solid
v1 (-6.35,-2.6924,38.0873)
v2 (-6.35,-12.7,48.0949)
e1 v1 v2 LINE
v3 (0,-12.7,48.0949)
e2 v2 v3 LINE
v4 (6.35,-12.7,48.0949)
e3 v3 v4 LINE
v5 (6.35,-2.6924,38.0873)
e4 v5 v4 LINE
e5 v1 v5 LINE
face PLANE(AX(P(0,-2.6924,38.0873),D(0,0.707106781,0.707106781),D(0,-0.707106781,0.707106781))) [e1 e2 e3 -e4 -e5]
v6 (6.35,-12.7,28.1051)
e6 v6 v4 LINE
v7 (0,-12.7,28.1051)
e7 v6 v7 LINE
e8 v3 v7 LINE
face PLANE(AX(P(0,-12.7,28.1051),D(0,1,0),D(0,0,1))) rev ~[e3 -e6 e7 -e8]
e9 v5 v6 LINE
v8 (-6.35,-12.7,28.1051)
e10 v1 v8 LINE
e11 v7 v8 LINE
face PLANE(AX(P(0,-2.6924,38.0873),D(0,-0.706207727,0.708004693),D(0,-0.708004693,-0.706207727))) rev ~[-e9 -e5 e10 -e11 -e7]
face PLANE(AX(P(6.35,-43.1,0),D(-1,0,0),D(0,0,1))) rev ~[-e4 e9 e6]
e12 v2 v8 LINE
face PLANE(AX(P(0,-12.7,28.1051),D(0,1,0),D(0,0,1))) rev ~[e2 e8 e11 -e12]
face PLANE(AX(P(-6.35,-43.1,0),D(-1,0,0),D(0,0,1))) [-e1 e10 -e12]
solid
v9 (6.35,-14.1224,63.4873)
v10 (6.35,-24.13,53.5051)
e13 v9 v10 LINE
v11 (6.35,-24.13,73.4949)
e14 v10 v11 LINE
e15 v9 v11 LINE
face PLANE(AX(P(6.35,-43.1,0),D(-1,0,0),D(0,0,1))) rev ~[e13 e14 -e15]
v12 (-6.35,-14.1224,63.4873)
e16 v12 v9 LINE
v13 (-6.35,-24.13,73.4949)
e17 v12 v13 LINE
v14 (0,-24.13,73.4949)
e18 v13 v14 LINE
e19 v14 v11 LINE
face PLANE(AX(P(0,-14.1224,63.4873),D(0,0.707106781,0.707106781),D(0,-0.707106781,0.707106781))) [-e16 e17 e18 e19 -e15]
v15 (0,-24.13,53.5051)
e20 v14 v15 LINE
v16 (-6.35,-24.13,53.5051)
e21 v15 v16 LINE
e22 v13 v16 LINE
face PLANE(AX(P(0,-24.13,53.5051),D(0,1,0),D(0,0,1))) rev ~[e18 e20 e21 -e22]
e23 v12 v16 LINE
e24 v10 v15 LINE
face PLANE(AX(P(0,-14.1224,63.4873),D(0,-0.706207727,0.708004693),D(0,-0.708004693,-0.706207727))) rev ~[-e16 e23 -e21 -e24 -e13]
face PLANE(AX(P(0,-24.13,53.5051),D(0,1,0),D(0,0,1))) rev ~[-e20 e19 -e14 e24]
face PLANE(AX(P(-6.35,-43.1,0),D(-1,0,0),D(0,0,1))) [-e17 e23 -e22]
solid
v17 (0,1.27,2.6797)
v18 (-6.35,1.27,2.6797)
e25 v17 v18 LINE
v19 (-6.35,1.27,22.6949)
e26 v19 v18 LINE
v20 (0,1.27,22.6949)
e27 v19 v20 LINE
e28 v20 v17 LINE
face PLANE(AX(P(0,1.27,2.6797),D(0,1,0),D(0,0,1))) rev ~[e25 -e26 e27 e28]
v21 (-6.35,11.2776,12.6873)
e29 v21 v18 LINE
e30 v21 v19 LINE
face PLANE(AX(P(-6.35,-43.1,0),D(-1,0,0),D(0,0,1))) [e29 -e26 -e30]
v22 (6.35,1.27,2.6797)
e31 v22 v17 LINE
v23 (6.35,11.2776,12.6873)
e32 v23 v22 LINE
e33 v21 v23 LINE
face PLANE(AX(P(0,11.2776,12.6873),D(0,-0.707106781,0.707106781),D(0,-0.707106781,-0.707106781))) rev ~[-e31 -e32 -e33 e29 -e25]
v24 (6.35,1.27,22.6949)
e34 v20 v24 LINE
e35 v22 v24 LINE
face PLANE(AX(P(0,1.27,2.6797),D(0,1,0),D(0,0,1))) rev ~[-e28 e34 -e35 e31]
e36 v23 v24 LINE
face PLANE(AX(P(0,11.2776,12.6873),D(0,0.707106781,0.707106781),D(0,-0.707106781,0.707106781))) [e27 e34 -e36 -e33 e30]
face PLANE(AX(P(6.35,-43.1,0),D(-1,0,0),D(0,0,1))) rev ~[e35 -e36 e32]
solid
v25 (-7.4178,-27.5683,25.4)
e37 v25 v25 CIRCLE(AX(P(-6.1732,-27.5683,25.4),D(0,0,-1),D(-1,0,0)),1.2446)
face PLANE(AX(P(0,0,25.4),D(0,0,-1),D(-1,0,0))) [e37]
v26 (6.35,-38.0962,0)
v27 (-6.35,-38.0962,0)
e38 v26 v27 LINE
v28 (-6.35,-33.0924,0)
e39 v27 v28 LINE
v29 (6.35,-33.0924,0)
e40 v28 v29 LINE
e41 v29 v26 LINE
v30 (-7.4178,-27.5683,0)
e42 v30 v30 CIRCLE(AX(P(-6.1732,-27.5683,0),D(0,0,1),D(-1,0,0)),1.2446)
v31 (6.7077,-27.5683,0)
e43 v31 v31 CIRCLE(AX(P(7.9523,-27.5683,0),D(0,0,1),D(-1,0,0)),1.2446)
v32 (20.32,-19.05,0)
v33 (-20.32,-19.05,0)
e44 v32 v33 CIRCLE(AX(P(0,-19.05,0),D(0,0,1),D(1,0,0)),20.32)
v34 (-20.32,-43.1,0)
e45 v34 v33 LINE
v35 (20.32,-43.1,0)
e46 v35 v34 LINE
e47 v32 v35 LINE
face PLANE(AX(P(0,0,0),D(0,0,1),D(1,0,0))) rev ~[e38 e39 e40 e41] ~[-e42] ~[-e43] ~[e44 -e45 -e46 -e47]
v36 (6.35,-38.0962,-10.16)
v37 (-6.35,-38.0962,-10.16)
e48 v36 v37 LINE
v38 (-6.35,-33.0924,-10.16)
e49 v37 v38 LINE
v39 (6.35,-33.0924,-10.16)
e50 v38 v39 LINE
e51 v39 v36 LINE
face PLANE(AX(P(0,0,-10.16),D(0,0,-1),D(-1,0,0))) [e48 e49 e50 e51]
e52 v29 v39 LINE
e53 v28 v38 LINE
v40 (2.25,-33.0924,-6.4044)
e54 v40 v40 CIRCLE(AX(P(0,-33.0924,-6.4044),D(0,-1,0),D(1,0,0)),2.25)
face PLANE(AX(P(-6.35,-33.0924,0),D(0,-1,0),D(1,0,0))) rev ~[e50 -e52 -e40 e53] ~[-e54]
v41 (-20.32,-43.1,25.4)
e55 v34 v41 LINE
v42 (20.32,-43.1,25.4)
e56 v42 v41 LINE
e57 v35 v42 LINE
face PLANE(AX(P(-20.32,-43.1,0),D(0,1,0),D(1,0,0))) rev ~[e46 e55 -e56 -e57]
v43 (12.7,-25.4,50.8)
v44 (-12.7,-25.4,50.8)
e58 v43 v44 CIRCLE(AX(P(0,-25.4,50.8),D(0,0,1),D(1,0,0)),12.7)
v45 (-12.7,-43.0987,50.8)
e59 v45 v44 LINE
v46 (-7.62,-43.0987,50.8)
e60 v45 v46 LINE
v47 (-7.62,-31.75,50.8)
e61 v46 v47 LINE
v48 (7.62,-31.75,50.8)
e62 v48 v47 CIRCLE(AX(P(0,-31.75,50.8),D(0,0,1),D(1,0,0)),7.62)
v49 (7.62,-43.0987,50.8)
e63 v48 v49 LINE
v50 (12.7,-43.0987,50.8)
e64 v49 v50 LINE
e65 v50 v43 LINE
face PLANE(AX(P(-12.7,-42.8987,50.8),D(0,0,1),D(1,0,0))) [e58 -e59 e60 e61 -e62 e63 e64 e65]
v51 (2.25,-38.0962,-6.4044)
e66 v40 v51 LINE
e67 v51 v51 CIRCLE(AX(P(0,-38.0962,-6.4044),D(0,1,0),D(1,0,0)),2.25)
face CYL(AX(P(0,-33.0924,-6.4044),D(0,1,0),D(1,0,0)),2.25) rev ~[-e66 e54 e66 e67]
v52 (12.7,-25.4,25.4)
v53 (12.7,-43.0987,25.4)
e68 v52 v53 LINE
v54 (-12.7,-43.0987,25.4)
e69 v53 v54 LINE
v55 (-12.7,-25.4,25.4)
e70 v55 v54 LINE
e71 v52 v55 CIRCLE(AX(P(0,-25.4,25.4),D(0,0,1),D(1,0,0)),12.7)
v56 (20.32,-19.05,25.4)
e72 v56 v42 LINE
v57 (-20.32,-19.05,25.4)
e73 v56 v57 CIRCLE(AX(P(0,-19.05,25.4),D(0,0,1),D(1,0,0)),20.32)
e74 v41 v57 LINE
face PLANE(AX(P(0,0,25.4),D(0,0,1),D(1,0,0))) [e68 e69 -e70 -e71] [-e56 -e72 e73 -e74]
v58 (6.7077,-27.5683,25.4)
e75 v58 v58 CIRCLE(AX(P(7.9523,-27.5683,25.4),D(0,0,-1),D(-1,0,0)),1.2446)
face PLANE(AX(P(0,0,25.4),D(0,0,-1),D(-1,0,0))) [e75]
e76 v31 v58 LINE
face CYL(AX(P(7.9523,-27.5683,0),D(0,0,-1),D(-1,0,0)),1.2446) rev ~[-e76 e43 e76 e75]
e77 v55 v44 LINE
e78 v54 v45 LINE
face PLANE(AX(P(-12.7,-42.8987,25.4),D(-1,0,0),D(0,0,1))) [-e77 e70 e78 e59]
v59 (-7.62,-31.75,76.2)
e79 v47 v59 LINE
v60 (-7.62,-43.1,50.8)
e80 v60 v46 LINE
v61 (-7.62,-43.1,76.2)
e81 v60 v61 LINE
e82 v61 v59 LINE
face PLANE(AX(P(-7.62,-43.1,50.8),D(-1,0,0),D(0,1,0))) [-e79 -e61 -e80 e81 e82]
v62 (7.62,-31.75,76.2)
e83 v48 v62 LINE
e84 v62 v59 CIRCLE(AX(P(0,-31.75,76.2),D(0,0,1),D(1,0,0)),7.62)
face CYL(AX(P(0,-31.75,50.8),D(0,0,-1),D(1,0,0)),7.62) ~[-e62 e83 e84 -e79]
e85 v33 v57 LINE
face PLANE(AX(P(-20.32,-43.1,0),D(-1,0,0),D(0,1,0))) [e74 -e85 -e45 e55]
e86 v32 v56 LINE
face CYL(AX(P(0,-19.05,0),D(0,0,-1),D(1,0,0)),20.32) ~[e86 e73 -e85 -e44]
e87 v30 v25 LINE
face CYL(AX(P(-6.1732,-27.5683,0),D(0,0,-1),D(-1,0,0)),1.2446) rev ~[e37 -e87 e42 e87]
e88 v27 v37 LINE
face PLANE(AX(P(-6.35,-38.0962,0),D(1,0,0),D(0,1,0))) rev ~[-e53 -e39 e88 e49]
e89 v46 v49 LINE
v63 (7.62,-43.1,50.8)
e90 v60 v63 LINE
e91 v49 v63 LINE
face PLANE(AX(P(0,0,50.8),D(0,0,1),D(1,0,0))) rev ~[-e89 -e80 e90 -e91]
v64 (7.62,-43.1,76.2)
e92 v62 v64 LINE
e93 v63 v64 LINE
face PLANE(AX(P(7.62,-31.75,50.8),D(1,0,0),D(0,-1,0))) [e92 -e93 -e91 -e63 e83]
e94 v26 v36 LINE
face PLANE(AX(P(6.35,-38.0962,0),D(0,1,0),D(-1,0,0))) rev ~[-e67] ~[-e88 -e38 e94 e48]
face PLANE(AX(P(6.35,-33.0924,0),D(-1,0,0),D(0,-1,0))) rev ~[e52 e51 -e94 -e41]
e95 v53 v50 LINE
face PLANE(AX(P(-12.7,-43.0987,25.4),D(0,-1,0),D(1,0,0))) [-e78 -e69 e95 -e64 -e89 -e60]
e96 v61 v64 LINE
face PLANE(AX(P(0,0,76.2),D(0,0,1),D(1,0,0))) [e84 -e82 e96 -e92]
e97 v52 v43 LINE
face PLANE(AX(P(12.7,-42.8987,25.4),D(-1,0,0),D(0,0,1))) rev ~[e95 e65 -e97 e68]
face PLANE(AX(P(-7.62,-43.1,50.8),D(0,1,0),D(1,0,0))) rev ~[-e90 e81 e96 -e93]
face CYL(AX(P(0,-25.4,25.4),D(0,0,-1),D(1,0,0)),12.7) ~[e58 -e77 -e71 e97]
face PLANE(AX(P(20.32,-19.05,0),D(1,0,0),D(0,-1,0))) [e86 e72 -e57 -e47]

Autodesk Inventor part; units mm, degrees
ref_plane "YZ Plane" through (0, 0, 0) normal (1, 0, 0) x (0, 1, 0)
ref_plane "XZ Plane" through (0, 0, 0) normal (0, 1, 0) x (-1, 0, 0)
sketch "Sketch1" plane through (0, 0, 0) normal (0, 0, 1) x (1, 0, 0)
  line L0 (6.35, -38.0962) -> (6.35, -43.1) projected
  line L1 (6.35, -43.1) -> (24.13, -43.1) projected
  line L2 (24.13, -43.1) -> (24.13, 0) projected
  arc A0 (24.13, 0) -> (-24.13, 0) centre (0, 0) ccw projected
  line L3 (-24.13, 0) -> (-24.13, -43.1) projected
  line L4 (-24.13, -43.1) -> (-6.35, -43.1) projected
  line L5 (-6.35, -43.1) -> (-6.35, -38.0962) projected
  line L6 (-6.35, -38.0962) -> (6.35, -38.0962) projected
  line L7 (20.32, -43.1) -> (-20.32, -43.1)
  line L8 (0, 0) -> (0, -19.05)
  circle A1 centre (0, -19.05) radius 20.32
  line L9 (-20.32, -19.05) -> (20.32, -19.05)
  line L10 (20.32, -19.05) -> (20.32, -43.1)
  line L11 (20.32, -43.1) -> (-20.32, -43.1)
  line L12 (-20.32, -43.1) -> (-20.32, -19.05)
  dimension "d26" = 40.64
  dimension "d25" = 19.05
extrude "Extrusion1" add sketch "Sketch1" along normal blind 25.4 contours L6 L5 A1 L9 L0 | L0 A1 L5 L6 | A1 L10 L1 L0 | L0 L7 L5 A1 | L5 L4 L12 A1 | L9 A1
sketch "Sketch2" plane through (0, 0, 0) normal (0, 0, -1) x (-1, 0, 0)
  line L0 (6.35, -43.1) -> (-6.35, -43.1) projected
  line L1 (-6.35, -43.1) -> (-6.35, -38.0962) projected
  line L2 (-6.35, -38.0962) -> (6.35, -38.0962) projected
  line L3 (6.35, -38.0962) -> (6.35, -43.1) projected
  line L4 (-6.35, -38.0962) -> (6.35, -38.0962)
  line L5 (6.35, -38.0962) -> (6.35, -33.0924)
  line L6 (6.35, -33.0924) -> (-6.35, -33.0924)
  line L7 (-6.35, -33.0924) -> (-6.35, -38.0962)
  point P0 (0, 0)
  dimension "d3" = 5.0038
extrude "Extrusion2" add sketch "Sketch2" along normal blind 10.16 contours L2 L7 L6 L5
sketch "Sketch3" plane through (-6.35, -33.0924, 0) normal (0, 1, 0) x (1, 0, 0)
  line L0 (6.35, 10.2144) -> (6.35, 6.4044)
  circle A0 centre (6.35, 6.4044) radius 2.25
  point P0 (6.35, 0)
  dimension "d6" = 3.81
  dimension "d7" = 4.5
extrude "Extrusion3" cut sketch "Sketch3" against normal blind 10.16
sketch "Sketch4" plane through (0, 0, 25.4) normal (0, 0, 1) x (1, 0, 0)
  arc A0 (20.32, -19.05) -> (-20.32, -19.05) centre (0, -19.05) ccw projected
  line L0 (0, -19.05) -> (0, -25.4)
  circle A1 centre (0, -25.4) radius 12.7
  line L1 (-12.7, -25.4) -> (12.7, -25.4)
  line L2 (12.7, -25.4) -> (12.7, -42.8987)
  line L3 (12.7, -42.8987) -> (-12.7, -42.8987)
  line L4 (-12.7, -42.8987) -> (-12.7, -25.4)
  point P0 (0, 0)
  dimension "d28" = 25.4
  dimension "d27" = 6.35
extrude "Extrusion4" add sketch "Sketch4" along normal blind 25.4
sketch "Sketch5" plane through (0, 0, 50.8) normal (0, 0, 1) x (1, 0, 0)
  arc A0 (12.7, -25.4) -> (-12.7, -25.4) centre (0, -25.4) ccw projected
  line L0 (0, -25.4) -> (0, -31.75)
  circle A1 centre (0, -31.75) radius 7.62
  line L1 (-20.32, -43.1) -> (20.32, -43.1) projected
  line L2 (-7.62, -31.75) -> (7.62, -31.75)
  line L3 (7.62, -31.75) -> (7.62, -43.1)
  line L4 (7.62, -43.1) -> (-7.62, -43.1)
  line L5 (-7.62, -43.1) -> (-7.62, -31.75)
  point P0 (0, 0)
  dimension "d30" = 15.24
  dimension "d29" = 6.35
extrude "Extrusion5" add sketch "Sketch5" along normal blind 25.4
ref_plane "Work Plane1" through (0, -43.1, 0) normal (-1, 0, 0) x (0, 0, 1)
sketch "Sketch8" plane through (0, -43.1, 0) normal (-1, 0, 0) x (0, 0, 1)
  line L0 (0, 44.37) -> (0, 24.05) projected
  line L1 (0, 44.37) -> (2.7051, 44.37)
  line L2 (0, 44.37) -> (25.4, 44.37) projected
  line L3 (2.7051, 44.37) -> (22.6949, 44.37)
  line L4 (22.6949, 44.37) -> (12.6873, 44.37)
  line L5 (12.6873, 44.37) -> (12.6873, 54.3776)
  line L6 (12.6873, 54.3776) -> (22.6949, 44.37)
  line L7 (12.6873, 54.3776) -> (2.6797, 44.37)
  line L8 (12.6873, 54.3776) -> (2.6797, 44.37)
  line L9 (2.6797, 44.37) -> (22.6949, 44.37)
  point P0 (0, 43.1)
  dimension "d32" = 2.7051
  dimension "d33" = 19.9898
  dimension "d34" = 10.0076
  dimension "d35" = 10.0076
extrude "Extrusion8" add sketch "Sketch8" along normal mid plane 12.7
sketch "Sketch9" plane through (0, -43.1, 0) normal (-1, 0, 0) x (0, 0, 1)
  line L0 (25.4, 30.4) -> (50.8, 30.4) projected
  line L1 (25.4, 30.4) -> (28.1051, 30.4)
  line L2 (28.1051, 30.4) -> (48.0949, 30.4)
  line L3 (48.0949, 30.4) -> (38.0873, 30.4)
  line L4 (38.0873, 30.4) -> (38.0873, 40.4076)
  line L5 (38.0873, 40.4076) -> (48.0949, 30.4)
  line L6 (38.0873, 40.4076) -> (28.1051, 30.4)
  point P0 (0, 43.1)
  dimension "d38" = 2.7051
  dimension "d39" = 19.9898
  dimension "d40" = 10.0076
  dimension "d41" = 10.0076
extrude "Extrusion9" add sketch "Sketch9" along normal mid plane 12.7
sketch "Sketch10" plane through (0, -43.1, 0) normal (-1, 0, 0) x (0, 0, 1)
  line L0 (50.8, 18.97) -> (76.2, 18.97) projected
  line L1 (50.8, 18.97) -> (53.5051, 18.97)
  line L2 (53.5051, 18.97) -> (73.4949, 18.97)
  line L3 (73.4949, 18.97) -> (63.4873, 18.97)
  line L4 (63.4873, 18.97) -> (63.4873, 28.9776)
  line L5 (63.4873, 28.9776) -> (73.4949, 18.97)
  line L6 (63.4873, 28.9776) -> (53.5051, 18.97)
  point P0 (0, 43.1)
  dimension "d44" = 2.7051
  dimension "d45" = 19.9898
  dimension "d46" = 10.0076
  dimension "d47" = 10.0076
extrude "Extrusion10" add sketch "Sketch10" along normal mid plane 12.7
sketch "Sketch11" plane through (-12.7, -42.8987, 25.4) normal (0, -1, 0) x (1, 0, 0)
  line L0 (25.4, 0) -> (0, 0) projected
  line L1 (25.4, 0) -> (25.4, 25.4) projected
  line L2 (20.32, 25.4) -> (25.4, 25.4) projected
  line L3 (5.08, 25.4) -> (20.32, 25.4) projected
  line L4 (0, 25.4) -> (5.08, 25.4) projected
  line L5 (0, 0) -> (0, 25.4) projected
  point P0 (12.7, -25.4)
extrude "Extrusion11" add sketch "Sketch11" along normal blind 0.2
sketch "Sketch12" plane through (0, 0, 0) normal (0, 0, -1) x (-1, 0, 0)
  ellipse E0 centre (-8.9523, -27.5683) end of major axis (-8.9523, -28.8129) minor radius 1.2444 projected
  ellipse E1 centre (7.1732, -27.5683) end of major axis (7.1732, -28.8129) minor radius 1.2444 projected
  line L0 (-8.9523, -27.5683) -> (-7.9523, -27.5683)
  line L1 (7.1732, -27.5683) -> (6.1732, -27.5683)
  circle A0 centre (-7.9523, -27.5683) radius 1.2446
  circle A1 centre (6.1732, -27.5683) radius 1.2446
  point P0 (0, 0)
  dimension "d52" = 1
  dimension "d53" = 1
  dimension "d54" = 2.4892
  dimension "d55" = 2.4892
extrude "Extrusion12" cut sketch "Sketch12" against normal blind 25.4 contours A0 E0 | E0 A0 | A1 E1 | E1 A1 picked at (-8.6972, -27.743) picked at (-7.0538, -27.6701) picked at (6.9181, -27.3936) picked at (5.2747, -27.4665)
properties part number "Tail6"
